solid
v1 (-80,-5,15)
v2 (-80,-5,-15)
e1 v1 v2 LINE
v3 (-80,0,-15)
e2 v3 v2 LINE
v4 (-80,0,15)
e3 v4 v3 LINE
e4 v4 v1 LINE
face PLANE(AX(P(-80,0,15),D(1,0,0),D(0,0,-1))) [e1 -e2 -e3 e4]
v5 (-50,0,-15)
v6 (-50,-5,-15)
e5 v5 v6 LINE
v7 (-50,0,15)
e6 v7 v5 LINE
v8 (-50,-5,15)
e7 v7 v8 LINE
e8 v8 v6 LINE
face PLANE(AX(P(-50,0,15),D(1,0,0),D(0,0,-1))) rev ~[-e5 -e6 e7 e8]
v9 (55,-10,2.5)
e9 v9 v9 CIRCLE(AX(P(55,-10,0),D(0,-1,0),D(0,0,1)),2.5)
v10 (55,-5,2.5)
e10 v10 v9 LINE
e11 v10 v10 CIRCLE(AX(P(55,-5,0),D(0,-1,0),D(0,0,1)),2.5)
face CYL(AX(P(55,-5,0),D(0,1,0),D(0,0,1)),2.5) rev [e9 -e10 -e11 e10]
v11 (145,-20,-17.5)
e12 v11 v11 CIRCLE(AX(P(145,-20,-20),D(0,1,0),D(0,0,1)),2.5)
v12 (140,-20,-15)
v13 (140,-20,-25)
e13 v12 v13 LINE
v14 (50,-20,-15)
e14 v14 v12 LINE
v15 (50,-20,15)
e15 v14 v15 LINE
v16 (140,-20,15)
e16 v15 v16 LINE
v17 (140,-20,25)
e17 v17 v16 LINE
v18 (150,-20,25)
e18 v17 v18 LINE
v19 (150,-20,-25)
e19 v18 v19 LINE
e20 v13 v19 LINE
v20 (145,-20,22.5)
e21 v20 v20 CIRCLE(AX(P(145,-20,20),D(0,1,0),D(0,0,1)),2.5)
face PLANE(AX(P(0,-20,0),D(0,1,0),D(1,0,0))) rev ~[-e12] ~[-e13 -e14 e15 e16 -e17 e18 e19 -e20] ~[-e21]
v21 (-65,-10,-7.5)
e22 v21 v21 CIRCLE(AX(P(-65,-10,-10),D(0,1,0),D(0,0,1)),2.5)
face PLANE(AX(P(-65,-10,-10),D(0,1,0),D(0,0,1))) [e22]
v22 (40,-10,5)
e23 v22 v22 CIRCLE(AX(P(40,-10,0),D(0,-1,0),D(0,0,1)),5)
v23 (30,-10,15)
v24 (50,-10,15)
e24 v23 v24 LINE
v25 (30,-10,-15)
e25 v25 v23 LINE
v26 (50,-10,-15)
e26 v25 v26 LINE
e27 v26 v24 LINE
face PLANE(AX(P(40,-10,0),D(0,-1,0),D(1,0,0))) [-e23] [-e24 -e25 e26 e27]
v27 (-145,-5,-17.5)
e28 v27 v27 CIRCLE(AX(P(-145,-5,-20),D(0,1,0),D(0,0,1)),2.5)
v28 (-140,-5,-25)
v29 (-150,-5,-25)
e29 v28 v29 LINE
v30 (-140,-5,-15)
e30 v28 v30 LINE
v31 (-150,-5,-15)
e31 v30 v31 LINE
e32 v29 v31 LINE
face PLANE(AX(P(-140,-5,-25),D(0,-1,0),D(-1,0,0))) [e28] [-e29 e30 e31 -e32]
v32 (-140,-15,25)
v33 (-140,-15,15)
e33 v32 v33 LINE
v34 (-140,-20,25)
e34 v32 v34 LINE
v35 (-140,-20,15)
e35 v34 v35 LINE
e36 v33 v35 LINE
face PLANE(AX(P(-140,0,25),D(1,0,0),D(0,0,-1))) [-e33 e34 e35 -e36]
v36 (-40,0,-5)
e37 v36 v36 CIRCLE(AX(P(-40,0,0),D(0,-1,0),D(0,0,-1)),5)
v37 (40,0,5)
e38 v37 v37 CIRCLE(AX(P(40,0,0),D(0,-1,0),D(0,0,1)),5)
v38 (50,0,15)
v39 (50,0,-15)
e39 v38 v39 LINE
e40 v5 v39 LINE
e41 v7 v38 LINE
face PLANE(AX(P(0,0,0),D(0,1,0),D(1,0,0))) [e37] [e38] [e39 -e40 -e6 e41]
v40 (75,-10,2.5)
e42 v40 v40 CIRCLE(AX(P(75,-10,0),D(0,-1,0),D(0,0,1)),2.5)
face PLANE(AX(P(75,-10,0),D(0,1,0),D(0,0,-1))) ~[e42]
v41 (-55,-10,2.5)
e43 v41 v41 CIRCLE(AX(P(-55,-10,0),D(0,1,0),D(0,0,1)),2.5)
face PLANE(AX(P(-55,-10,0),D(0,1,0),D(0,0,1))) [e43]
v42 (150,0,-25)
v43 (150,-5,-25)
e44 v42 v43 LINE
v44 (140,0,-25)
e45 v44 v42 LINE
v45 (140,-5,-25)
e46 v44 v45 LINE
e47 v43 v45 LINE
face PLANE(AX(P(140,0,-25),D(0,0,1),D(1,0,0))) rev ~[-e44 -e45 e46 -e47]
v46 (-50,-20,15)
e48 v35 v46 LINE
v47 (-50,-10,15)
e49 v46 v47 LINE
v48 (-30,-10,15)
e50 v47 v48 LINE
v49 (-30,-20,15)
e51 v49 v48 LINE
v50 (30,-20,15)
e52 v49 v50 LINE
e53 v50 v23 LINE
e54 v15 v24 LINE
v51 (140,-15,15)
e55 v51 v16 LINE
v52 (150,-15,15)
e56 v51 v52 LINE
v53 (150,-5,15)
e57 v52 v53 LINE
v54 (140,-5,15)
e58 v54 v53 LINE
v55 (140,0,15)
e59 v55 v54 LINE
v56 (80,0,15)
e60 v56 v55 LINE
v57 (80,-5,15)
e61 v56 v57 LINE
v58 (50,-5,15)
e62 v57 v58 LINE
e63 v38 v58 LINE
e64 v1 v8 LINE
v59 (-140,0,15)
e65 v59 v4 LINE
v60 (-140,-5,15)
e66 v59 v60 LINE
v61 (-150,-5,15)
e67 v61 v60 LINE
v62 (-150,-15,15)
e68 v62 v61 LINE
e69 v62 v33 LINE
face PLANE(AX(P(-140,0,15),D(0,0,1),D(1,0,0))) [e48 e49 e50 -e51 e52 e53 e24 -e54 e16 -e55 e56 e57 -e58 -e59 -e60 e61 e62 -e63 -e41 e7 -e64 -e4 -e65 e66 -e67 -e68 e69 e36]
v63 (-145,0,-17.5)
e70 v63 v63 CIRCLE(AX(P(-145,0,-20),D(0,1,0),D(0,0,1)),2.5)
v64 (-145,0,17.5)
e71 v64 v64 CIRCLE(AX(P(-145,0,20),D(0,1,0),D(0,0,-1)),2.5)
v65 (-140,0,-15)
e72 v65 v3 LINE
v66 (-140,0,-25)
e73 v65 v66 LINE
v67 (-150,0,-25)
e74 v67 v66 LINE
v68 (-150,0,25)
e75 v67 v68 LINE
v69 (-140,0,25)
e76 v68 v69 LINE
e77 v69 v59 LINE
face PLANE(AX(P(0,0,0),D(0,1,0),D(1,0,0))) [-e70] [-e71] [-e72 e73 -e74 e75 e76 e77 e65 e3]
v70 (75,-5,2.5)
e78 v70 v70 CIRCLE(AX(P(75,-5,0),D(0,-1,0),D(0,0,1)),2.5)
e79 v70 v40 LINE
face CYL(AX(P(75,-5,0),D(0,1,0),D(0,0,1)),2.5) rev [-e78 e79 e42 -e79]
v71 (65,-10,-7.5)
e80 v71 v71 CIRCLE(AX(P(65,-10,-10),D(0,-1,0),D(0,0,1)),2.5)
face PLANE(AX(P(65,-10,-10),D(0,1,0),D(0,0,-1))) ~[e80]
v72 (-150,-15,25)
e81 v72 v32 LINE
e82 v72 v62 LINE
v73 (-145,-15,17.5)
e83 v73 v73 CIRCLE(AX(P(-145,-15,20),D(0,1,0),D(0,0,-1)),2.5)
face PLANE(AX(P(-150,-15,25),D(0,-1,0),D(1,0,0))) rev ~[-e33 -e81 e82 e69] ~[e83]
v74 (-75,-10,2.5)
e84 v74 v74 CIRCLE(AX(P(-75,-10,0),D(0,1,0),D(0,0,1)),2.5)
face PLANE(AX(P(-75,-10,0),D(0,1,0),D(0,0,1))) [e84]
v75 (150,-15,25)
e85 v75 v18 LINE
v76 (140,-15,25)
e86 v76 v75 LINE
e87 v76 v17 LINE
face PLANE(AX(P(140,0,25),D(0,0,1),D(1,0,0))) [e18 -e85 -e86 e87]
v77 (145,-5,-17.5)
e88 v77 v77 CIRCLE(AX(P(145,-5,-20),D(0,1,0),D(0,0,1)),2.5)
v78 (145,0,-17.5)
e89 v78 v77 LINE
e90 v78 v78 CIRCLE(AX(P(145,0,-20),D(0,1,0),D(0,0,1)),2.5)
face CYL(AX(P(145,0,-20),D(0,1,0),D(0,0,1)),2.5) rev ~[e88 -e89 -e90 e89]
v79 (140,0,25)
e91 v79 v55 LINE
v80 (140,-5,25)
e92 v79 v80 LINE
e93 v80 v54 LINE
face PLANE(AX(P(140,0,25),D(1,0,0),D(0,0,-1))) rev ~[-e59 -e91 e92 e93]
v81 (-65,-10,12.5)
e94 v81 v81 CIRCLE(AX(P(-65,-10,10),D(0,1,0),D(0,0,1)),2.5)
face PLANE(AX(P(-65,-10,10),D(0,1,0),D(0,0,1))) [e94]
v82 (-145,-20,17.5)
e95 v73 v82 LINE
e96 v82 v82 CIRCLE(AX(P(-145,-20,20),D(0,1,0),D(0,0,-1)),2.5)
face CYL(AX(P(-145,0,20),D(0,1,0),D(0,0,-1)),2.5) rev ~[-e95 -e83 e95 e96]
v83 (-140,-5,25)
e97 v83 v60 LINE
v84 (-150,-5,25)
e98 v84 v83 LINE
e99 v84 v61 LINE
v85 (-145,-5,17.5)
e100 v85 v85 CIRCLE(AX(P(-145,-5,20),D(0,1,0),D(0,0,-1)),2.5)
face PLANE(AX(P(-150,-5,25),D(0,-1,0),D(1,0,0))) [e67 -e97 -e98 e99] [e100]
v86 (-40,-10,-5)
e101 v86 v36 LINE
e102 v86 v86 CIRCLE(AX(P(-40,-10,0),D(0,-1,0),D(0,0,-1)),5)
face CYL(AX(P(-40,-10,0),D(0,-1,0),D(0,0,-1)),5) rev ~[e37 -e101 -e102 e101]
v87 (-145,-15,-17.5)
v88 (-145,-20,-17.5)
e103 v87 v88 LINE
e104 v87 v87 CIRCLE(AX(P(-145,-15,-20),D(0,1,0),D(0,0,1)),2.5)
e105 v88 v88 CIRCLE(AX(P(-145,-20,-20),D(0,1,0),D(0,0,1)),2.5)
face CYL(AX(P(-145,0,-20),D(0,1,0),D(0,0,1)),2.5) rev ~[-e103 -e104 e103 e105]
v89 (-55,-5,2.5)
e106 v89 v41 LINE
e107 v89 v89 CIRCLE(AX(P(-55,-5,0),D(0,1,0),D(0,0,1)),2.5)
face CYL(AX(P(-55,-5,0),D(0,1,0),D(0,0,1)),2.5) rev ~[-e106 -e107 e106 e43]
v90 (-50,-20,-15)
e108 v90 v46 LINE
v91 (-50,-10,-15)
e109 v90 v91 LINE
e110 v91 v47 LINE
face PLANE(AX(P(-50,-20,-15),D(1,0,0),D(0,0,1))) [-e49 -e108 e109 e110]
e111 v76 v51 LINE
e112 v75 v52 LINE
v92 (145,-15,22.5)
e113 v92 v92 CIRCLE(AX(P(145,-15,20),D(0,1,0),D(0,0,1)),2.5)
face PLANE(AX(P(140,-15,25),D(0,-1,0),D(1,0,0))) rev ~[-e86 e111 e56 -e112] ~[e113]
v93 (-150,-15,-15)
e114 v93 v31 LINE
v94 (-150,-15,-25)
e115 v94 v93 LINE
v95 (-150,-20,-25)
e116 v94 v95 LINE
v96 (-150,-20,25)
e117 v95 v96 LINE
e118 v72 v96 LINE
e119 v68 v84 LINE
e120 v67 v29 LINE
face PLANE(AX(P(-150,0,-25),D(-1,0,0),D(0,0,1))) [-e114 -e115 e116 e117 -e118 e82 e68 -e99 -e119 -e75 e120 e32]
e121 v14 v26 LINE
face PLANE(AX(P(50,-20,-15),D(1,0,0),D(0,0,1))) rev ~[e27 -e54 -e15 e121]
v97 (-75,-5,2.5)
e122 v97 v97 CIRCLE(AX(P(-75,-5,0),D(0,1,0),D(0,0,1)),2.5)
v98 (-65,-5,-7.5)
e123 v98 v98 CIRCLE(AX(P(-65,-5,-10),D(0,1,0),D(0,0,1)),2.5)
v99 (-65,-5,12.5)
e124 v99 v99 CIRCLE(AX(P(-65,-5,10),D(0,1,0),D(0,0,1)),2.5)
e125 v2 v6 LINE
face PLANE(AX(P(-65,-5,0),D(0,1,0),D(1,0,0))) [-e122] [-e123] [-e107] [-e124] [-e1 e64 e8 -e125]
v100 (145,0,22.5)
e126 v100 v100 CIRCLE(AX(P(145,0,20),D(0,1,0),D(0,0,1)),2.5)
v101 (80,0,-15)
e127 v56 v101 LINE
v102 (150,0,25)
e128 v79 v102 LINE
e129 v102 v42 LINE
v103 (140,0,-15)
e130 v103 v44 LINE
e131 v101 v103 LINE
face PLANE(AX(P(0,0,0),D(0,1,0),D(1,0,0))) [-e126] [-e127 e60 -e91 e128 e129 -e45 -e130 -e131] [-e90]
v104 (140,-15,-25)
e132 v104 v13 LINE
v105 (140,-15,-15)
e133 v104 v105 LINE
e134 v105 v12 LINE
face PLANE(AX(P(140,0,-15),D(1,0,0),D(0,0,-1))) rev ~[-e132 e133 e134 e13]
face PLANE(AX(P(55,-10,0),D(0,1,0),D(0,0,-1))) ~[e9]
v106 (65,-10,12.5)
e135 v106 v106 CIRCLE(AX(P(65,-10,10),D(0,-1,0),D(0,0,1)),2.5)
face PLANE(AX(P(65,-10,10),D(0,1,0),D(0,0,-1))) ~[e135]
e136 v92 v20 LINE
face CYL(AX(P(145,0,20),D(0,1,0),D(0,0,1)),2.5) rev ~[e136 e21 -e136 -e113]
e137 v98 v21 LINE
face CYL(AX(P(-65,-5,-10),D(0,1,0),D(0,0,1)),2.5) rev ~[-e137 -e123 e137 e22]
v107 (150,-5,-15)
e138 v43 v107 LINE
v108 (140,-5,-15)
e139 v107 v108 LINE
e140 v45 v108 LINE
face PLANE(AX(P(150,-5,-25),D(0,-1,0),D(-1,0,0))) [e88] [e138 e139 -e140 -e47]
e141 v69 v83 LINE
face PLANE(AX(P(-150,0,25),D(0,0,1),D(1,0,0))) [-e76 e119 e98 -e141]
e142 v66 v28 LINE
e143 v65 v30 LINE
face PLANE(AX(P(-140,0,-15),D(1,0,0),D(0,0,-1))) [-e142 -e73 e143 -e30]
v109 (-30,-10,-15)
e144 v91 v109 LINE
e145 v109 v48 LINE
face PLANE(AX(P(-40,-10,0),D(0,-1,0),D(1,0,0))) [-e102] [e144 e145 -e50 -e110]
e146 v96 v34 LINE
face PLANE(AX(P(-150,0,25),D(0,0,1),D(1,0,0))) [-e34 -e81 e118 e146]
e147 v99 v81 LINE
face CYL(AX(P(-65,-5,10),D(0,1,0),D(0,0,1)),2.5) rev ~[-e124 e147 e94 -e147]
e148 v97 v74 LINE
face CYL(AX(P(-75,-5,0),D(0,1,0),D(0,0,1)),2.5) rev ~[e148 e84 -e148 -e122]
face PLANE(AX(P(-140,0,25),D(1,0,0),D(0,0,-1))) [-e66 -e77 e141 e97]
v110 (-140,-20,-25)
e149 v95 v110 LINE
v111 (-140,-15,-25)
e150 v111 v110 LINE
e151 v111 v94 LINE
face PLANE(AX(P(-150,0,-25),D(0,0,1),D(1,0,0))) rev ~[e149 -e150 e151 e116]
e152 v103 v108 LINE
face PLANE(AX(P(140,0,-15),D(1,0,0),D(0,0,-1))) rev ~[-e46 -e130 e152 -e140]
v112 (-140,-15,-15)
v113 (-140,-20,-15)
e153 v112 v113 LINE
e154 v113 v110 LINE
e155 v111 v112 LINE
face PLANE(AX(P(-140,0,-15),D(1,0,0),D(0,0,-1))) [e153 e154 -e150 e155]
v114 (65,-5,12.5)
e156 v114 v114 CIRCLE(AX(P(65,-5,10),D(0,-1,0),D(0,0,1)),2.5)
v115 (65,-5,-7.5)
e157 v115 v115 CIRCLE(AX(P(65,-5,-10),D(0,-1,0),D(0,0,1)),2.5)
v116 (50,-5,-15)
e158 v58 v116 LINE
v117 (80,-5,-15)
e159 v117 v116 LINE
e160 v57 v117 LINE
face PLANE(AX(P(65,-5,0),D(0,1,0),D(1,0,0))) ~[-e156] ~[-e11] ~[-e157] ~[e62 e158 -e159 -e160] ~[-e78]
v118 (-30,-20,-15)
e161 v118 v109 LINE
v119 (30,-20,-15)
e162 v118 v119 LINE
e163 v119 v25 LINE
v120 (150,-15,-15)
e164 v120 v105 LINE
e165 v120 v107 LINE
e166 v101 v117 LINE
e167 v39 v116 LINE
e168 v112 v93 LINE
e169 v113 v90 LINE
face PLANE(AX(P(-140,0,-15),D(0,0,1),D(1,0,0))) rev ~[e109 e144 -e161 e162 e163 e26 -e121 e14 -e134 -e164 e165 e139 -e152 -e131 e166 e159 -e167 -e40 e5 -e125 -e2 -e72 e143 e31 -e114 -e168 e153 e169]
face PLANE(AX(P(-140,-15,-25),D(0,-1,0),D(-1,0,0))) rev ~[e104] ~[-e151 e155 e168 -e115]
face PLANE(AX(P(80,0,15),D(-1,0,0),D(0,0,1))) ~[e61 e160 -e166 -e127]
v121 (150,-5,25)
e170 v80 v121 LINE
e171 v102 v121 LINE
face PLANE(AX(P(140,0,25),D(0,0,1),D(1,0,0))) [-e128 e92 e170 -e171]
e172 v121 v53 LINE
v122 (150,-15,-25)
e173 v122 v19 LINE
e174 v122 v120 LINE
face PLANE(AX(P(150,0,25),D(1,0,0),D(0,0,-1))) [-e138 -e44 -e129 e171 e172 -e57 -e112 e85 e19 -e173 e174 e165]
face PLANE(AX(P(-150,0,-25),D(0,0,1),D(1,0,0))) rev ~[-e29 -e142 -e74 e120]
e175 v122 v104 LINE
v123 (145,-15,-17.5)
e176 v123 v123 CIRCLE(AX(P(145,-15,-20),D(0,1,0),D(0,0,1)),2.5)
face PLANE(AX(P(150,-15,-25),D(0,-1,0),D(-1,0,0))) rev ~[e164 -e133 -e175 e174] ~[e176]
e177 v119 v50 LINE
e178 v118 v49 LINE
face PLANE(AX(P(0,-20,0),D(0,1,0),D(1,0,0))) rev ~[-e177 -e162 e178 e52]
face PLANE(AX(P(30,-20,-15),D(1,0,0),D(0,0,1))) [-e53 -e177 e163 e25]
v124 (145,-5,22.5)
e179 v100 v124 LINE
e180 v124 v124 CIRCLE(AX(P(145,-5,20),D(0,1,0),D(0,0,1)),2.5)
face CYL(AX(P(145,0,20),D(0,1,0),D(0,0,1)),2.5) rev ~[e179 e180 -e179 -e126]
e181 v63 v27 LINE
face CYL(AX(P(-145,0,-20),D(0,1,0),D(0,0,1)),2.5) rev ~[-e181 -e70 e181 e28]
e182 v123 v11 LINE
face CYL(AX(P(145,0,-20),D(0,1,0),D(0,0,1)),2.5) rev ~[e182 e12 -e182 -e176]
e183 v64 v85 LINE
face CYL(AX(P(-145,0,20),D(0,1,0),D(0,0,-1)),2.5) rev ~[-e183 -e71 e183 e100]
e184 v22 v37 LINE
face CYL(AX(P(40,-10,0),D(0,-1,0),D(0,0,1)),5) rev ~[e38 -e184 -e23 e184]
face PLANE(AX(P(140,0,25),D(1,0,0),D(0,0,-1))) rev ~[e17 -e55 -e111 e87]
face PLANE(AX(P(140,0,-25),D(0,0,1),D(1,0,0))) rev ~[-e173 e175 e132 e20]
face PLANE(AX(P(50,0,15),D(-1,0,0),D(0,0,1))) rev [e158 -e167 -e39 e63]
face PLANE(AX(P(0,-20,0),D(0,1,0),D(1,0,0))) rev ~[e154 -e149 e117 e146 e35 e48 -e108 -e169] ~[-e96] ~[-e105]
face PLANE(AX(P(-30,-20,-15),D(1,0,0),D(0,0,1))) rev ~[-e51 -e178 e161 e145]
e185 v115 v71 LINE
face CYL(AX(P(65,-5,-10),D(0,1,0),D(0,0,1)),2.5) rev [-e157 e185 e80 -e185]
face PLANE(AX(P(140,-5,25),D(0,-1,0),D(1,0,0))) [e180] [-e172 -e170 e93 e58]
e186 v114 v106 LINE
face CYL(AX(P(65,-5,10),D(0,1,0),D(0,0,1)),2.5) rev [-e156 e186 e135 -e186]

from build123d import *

# Parameters (mm, degrees)
SKETCH1_W           = 300
SKETCH1_H           = 30
SKETCH1_W_2         = 10
SKETCH1_H_2         = 10
BOSS_EXTRUDE1_DEPTH = 20
SKETCH12_W          = 10
SKETCH12_H          = 10
CUT_EXTRUDE5_DEPTH  = 10
SKETCH14_W          = 10
SKETCH14_H          = 10
CUT_EXTRUDE6_DEPTH  = 10
SKETCH3_W           = 20
SKETCH3_H           = 30
CUT_EXTRUDE1_DEPTH  = 10
SKETCH5_R           = 2.5
CUT_EXTRUDE3_DEPTH  = 154.378616502
CUT_EXTRUDE4_REACH  = 154.398
SKETCH7_R           = 5
SKETCH15_W          = 30
SKETCH15_H          = 30
CUT_EXTRUDE7_DEPTH  = 5
SKETCH16_R          = 2.5
CUT_EXTRUDE8_DEPTH  = 5


with BuildPart() as part:
    # Sketch1 → Boss-Extrude1 (new body)
    with BuildSketch(Plane(origin=(0, 0, 0), x_dir=(1, 0, 0), z_dir=(0, 1, 0))):
        Rectangle(SKETCH1_W, SKETCH1_H)
        with Locations((-145, -20)):
            Rectangle(SKETCH1_W_2, SKETCH1_H_2)
        with Locations((-145, 20)):
            Rectangle(SKETCH1_W_2, SKETCH1_H_2)
        with Locations((145, 20)):
            Rectangle(SKETCH1_W_2, SKETCH1_H_2)
        with Locations((145, -20)):
            Rectangle(SKETCH1_W_2, SKETCH1_H_2)
    extrude(amount=-BOSS_EXTRUDE1_DEPTH)

    # Sketch12 → Cut-Extrude5 (cut)
    with BuildSketch(Plane.XY.offset(25)):
        with Locations((-145, -10)):
            Rectangle(SKETCH12_W, SKETCH12_H)
        with Locations((145, -10)):
            Rectangle(SKETCH12_W, SKETCH12_H)
    extrude(amount=-CUT_EXTRUDE5_DEPTH, mode=Mode.SUBTRACT)

    # Sketch14 → Cut-Extrude6 (cut)
    with BuildSketch(Plane(origin=(0, 0, -25), x_dir=(-1, 0, 0), z_dir=(0, 0, -1))):
        with Locations((-145, -10)):
            Rectangle(SKETCH14_W, SKETCH14_H)
        with Locations((145, -10)):
            Rectangle(SKETCH14_W, SKETCH14_H)
    extrude(amount=-CUT_EXTRUDE6_DEPTH, mode=Mode.SUBTRACT)

    # Sketch3 → Cut-Extrude1 (cut)
    with BuildSketch(Plane.XZ.offset(20)):
        with Locations((-40, 0)):
            Rectangle(SKETCH3_W, SKETCH3_H)
        with Locations((40, 0)):
            Rectangle(SKETCH3_W, SKETCH3_H)
    extrude(amount=-CUT_EXTRUDE1_DEPTH, mode=Mode.SUBTRACT)

    # Sketch5 → Cut-Extrude3 (cut, through all)
    with BuildSketch(Plane(origin=(0, 0, 0), x_dir=(1, 0, 0), z_dir=(0, 1, 0))):
        with Locations(Location((145, -20, 0), (0, 0, 270))):
            Circle(SKETCH5_R)
        with Locations(Location((145, 20, 0), (0, 0, 270))):
            Circle(SKETCH5_R)
        with Locations(Location((-145, 20, 0), (0, 0, 270))):
            Circle(SKETCH5_R)
        with Locations(Location((-145, -20, 0), (0, 0, 90))):
            Circle(SKETCH5_R)
    extrude(amount=-CUT_EXTRUDE3_DEPTH, mode=Mode.SUBTRACT)

    # Sketch7 → Cut-Extrude4 (cut, up to next)
    with BuildSketch(Plane.XZ.offset(10), mode=Mode.PRIVATE) as cut_extrude4_sk1:
        with Locations(Location((-40, 0, 0), (0, 0, 270))):
            Circle(SKETCH7_R)
    cut_extrude4_tool1 = extrude(cut_extrude4_sk1.sketch, amount=-CUT_EXTRUDE4_REACH, mode=Mode.PRIVATE) & part.part
    # Sketch7 → Cut-Extrude4 (cut, up to next)
    with BuildSketch(Plane.XZ.offset(10), mode=Mode.PRIVATE) as cut_extrude4_sk2:
        with Locations(Location((40, 0, 0), (0, 0, 90))):
            Circle(SKETCH7_R)
    cut_extrude4_tool2 = extrude(cut_extrude4_sk2.sketch, amount=-CUT_EXTRUDE4_REACH, mode=Mode.PRIVATE) & part.part
    add(cut_extrude4_tool1.solids().sort_by_distance((-40, -10, 0))[0], mode=Mode.SUBTRACT)
    add(cut_extrude4_tool2.solids().sort_by_distance((40, -10, 0))[0], mode=Mode.SUBTRACT)

    # Sketch15 → Cut-Extrude7 (cut)
    with BuildSketch(Plane(origin=(0, 0, 0), x_dir=(1, 0, 0), z_dir=(0, 1, 0))):
        with Locations((-65, 0)):
            Rectangle(SKETCH15_W, SKETCH15_H)
    cut_extrude7 = extrude(amount=-CUT_EXTRUDE7_DEPTH, mode=Mode.SUBTRACT)

    # Mirror1: Cut-Extrude7 across plane
    add(cut_extrude7.mirror(Plane(origin=(0, 0, 0), x_dir=(0, 0, 1), z_dir=(1, 0, 0))), mode=Mode.SUBTRACT)

    # Sketch16 → Cut-Extrude8 (cut)
    with BuildSketch(Plane(origin=(0, -5, 0), x_dir=(1, 0, 0), z_dir=(0, 1, 0))):
        with Locations(Location((-65, 10, 0), (0, 0, 270))):
            Circle(SKETCH16_R)
        with Locations(Location((-75, 0, 0), (0, 0, 270))):
            Circle(SKETCH16_R)
        with Locations(Location((-65, -10, 0), (0, 0, 270))):
            Circle(SKETCH16_R)
        with Locations(Location((-55, 0, 0), (0, 0, 270))):
            Circle(SKETCH16_R)
    cut_extrude8 = extrude(amount=-CUT_EXTRUDE8_DEPTH, mode=Mode.SUBTRACT)

    # Mirror2: Cut-Extrude8 across plane
    add(cut_extrude8.mirror(Plane(origin=(0, 0, 0), x_dir=(0, 0, 1), z_dir=(1, 0, 0))), mode=Mode.SUBTRACT)


solid = part.part
